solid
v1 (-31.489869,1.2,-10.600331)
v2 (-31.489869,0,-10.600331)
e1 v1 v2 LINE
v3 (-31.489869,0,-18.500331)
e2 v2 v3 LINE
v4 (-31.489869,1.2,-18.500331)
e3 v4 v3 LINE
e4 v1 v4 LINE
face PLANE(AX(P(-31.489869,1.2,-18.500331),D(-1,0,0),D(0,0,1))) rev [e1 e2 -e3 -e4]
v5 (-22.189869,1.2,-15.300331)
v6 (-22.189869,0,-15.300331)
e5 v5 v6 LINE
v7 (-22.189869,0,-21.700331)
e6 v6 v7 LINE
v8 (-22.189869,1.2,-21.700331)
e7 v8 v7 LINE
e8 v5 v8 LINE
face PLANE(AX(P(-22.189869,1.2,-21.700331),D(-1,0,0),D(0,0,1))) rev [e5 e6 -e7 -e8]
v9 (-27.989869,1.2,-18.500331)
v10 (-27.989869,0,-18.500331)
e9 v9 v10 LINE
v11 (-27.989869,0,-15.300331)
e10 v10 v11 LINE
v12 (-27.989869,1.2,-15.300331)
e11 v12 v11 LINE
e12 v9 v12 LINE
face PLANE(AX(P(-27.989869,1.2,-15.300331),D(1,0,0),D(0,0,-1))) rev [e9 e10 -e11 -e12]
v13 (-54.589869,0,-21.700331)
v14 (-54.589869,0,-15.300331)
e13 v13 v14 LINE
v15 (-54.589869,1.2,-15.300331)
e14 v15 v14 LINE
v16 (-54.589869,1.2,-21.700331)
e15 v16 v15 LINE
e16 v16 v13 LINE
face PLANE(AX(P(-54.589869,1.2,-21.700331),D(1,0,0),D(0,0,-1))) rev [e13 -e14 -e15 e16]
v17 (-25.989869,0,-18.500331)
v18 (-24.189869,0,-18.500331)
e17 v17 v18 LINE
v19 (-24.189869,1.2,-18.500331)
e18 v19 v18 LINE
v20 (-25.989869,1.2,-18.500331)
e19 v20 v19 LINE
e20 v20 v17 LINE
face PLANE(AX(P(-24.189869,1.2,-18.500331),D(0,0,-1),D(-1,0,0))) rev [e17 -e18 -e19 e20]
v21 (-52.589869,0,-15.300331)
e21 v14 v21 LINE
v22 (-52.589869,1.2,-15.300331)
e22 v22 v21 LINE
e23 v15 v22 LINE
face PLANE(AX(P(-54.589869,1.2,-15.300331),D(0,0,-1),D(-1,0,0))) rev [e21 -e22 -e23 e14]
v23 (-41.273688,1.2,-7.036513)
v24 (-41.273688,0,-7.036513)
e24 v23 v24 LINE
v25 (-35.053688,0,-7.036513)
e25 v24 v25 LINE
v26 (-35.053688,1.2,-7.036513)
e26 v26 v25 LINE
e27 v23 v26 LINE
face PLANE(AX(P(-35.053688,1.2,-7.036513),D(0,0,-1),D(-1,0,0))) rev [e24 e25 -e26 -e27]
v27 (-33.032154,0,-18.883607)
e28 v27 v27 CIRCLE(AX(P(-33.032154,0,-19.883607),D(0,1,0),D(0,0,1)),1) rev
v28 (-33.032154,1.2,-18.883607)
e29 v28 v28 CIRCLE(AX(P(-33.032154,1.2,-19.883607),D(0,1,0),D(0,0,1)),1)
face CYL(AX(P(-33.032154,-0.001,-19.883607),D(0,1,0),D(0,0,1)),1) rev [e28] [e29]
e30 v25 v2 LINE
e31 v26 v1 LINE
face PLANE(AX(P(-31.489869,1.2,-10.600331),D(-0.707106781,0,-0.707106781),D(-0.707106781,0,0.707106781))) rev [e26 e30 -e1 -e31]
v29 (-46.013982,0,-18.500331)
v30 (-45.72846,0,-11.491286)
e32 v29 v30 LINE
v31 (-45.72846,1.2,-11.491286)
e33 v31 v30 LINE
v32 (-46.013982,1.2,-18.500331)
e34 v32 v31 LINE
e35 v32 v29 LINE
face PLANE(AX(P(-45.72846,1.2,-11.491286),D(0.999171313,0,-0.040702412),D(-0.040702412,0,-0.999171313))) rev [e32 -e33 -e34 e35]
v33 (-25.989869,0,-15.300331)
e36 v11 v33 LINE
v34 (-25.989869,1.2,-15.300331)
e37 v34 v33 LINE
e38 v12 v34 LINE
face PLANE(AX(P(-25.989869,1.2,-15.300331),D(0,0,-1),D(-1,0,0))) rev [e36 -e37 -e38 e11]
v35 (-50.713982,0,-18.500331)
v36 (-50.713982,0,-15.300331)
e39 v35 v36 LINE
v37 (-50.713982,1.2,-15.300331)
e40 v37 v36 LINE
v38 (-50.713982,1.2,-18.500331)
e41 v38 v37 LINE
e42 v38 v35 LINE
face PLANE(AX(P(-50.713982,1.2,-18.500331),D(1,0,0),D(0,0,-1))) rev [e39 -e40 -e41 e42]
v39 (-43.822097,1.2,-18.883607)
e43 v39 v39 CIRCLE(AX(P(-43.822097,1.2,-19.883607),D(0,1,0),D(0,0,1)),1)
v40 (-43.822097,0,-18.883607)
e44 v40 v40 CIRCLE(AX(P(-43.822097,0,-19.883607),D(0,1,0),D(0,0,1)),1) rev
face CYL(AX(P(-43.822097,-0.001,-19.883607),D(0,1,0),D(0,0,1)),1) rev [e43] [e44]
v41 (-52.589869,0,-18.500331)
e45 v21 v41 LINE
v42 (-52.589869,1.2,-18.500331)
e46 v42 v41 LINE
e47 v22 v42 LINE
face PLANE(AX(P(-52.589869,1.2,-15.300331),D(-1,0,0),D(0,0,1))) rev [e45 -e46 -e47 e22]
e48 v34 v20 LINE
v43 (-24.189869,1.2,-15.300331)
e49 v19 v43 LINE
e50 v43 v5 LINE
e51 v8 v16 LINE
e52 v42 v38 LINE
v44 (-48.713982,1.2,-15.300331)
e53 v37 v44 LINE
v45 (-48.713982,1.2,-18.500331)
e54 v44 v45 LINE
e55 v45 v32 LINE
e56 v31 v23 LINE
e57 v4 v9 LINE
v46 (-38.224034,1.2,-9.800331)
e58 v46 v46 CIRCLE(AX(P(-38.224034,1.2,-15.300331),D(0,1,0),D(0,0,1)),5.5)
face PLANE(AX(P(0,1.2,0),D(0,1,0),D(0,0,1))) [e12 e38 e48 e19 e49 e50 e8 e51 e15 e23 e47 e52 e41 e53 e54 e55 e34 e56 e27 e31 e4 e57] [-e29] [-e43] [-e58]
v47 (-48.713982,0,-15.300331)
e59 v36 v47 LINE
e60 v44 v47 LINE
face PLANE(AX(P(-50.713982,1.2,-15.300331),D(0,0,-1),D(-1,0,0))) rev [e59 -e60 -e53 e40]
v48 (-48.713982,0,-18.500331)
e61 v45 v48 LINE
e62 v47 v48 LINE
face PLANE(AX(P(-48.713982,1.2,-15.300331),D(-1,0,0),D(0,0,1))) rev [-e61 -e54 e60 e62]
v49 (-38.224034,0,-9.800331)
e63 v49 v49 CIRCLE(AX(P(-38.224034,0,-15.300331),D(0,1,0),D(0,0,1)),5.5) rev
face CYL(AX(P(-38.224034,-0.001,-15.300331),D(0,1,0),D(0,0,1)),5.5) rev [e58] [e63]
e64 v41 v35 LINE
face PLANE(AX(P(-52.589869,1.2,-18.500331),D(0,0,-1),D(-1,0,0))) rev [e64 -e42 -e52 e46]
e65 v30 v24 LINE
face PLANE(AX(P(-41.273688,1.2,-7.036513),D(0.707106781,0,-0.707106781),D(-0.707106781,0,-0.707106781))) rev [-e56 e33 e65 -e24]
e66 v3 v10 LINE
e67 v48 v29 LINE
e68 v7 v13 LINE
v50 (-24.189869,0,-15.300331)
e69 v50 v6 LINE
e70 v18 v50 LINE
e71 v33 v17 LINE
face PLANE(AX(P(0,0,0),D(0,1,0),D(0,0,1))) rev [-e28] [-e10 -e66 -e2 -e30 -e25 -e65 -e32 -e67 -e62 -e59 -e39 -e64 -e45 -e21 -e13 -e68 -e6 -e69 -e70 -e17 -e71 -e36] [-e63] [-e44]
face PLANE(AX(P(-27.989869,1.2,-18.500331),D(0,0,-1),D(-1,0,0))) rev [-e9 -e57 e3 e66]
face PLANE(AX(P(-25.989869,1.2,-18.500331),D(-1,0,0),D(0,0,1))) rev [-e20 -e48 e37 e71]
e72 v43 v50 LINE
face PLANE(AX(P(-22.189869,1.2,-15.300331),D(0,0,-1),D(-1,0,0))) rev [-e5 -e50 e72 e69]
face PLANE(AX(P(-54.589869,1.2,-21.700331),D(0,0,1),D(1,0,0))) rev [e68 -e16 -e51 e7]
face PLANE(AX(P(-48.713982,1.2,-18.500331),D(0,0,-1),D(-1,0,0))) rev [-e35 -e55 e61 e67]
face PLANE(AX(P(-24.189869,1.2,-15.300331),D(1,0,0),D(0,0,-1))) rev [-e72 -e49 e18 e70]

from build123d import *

# Parameters (mm, degrees)
BOSS_EXTRUDE1_DEPTH = 1.2
CUT_EXTRUDE2_REACH  = 3.2
SKETCH3_R           = 1
SKETCH3_R_2         = 5.5


with BuildPart() as part:
    # Sketch1 → Boss-Extrude1 (new body)
    with BuildSketch(Plane(origin=(0, 0, 0), x_dir=(1, 0, 0), z_dir=(0, 1, 0))):
        Polygon((-54.589869364, 21.700331248), (-22.189869364, 21.700331248), (-22.189869364, 15.300331248), (-24.189869364, 15.300331248), (-24.189869364, 18.500331248), (-25.989869364, 18.500331248), (-25.989869364, 15.300331248), (-27.989869364, 15.300331248), (-27.989869364, 18.500331248), (-31.489869364, 18.500331248), (-31.489869364, 10.600331248), (-35.053687541, 7.036513071), (-41.273687541, 7.036513071), (-45.728460263, 11.491285792), (-46.013981929, 18.500331248), (-48.713981929, 18.500331248), (-48.713981929, 15.300331248), (-50.713981929, 15.300331248), (-50.713981929, 18.500331248), (-52.589869364, 18.500331248), (-52.589869364, 15.300331248), (-54.589869364, 15.300331248), align=None)
    extrude(amount=BOSS_EXTRUDE1_DEPTH)

    # Sketch3 → Cut-Extrude2 (cut, up to next)
    with BuildSketch(Plane(origin=(0, 1.2, 0), x_dir=(1, 0, 0), z_dir=(0, 1, 0)), mode=Mode.PRIVATE) as cut_extrude2_sk1:
        with Locations((-43.822096549, 19.883607228)):
            Circle(SKETCH3_R)
    cut_extrude2_tool1 = extrude(cut_extrude2_sk1.sketch, amount=-CUT_EXTRUDE2_REACH, mode=Mode.PRIVATE) & part.part
    add(cut_extrude2_tool1.solids().sort_by_distance((-43.822097, 1.2, -19.883607))[0], mode=Mode.SUBTRACT)
    # Sketch3 → Cut-Extrude2 (cut, up to next)
    with BuildSketch(Plane(origin=(0, 1.2, 0), x_dir=(1, 0, 0), z_dir=(0, 1, 0)), mode=Mode.PRIVATE) as cut_extrude2_sk2:
        with Locations((-33.032153908, 19.883607228)):
            Circle(SKETCH3_R)
    cut_extrude2_tool2 = extrude(cut_extrude2_sk2.sketch, amount=-CUT_EXTRUDE2_REACH, mode=Mode.PRIVATE) & part.part
    add(cut_extrude2_tool2.solids().sort_by_distance((-33.032154, 1.2, -19.883607))[0], mode=Mode.SUBTRACT)
    # Sketch3 → Cut-Extrude2 (cut, up to next)
    with BuildSketch(Plane(origin=(0, 1.2, 0), x_dir=(1, 0, 0), z_dir=(0, 1, 0)), mode=Mode.PRIVATE) as cut_extrude2_sk3:
        with Locations((-38.224033721, 15.300331248)):
            Circle(SKETCH3_R_2)
    cut_extrude2_tool3 = extrude(cut_extrude2_sk3.sketch, amount=-CUT_EXTRUDE2_REACH, mode=Mode.PRIVATE) & part.part
    add(cut_extrude2_tool3.solids().sort_by_distance((-38.224034, 1.2, -15.300331))[0], mode=Mode.SUBTRACT)


solid = part.part
